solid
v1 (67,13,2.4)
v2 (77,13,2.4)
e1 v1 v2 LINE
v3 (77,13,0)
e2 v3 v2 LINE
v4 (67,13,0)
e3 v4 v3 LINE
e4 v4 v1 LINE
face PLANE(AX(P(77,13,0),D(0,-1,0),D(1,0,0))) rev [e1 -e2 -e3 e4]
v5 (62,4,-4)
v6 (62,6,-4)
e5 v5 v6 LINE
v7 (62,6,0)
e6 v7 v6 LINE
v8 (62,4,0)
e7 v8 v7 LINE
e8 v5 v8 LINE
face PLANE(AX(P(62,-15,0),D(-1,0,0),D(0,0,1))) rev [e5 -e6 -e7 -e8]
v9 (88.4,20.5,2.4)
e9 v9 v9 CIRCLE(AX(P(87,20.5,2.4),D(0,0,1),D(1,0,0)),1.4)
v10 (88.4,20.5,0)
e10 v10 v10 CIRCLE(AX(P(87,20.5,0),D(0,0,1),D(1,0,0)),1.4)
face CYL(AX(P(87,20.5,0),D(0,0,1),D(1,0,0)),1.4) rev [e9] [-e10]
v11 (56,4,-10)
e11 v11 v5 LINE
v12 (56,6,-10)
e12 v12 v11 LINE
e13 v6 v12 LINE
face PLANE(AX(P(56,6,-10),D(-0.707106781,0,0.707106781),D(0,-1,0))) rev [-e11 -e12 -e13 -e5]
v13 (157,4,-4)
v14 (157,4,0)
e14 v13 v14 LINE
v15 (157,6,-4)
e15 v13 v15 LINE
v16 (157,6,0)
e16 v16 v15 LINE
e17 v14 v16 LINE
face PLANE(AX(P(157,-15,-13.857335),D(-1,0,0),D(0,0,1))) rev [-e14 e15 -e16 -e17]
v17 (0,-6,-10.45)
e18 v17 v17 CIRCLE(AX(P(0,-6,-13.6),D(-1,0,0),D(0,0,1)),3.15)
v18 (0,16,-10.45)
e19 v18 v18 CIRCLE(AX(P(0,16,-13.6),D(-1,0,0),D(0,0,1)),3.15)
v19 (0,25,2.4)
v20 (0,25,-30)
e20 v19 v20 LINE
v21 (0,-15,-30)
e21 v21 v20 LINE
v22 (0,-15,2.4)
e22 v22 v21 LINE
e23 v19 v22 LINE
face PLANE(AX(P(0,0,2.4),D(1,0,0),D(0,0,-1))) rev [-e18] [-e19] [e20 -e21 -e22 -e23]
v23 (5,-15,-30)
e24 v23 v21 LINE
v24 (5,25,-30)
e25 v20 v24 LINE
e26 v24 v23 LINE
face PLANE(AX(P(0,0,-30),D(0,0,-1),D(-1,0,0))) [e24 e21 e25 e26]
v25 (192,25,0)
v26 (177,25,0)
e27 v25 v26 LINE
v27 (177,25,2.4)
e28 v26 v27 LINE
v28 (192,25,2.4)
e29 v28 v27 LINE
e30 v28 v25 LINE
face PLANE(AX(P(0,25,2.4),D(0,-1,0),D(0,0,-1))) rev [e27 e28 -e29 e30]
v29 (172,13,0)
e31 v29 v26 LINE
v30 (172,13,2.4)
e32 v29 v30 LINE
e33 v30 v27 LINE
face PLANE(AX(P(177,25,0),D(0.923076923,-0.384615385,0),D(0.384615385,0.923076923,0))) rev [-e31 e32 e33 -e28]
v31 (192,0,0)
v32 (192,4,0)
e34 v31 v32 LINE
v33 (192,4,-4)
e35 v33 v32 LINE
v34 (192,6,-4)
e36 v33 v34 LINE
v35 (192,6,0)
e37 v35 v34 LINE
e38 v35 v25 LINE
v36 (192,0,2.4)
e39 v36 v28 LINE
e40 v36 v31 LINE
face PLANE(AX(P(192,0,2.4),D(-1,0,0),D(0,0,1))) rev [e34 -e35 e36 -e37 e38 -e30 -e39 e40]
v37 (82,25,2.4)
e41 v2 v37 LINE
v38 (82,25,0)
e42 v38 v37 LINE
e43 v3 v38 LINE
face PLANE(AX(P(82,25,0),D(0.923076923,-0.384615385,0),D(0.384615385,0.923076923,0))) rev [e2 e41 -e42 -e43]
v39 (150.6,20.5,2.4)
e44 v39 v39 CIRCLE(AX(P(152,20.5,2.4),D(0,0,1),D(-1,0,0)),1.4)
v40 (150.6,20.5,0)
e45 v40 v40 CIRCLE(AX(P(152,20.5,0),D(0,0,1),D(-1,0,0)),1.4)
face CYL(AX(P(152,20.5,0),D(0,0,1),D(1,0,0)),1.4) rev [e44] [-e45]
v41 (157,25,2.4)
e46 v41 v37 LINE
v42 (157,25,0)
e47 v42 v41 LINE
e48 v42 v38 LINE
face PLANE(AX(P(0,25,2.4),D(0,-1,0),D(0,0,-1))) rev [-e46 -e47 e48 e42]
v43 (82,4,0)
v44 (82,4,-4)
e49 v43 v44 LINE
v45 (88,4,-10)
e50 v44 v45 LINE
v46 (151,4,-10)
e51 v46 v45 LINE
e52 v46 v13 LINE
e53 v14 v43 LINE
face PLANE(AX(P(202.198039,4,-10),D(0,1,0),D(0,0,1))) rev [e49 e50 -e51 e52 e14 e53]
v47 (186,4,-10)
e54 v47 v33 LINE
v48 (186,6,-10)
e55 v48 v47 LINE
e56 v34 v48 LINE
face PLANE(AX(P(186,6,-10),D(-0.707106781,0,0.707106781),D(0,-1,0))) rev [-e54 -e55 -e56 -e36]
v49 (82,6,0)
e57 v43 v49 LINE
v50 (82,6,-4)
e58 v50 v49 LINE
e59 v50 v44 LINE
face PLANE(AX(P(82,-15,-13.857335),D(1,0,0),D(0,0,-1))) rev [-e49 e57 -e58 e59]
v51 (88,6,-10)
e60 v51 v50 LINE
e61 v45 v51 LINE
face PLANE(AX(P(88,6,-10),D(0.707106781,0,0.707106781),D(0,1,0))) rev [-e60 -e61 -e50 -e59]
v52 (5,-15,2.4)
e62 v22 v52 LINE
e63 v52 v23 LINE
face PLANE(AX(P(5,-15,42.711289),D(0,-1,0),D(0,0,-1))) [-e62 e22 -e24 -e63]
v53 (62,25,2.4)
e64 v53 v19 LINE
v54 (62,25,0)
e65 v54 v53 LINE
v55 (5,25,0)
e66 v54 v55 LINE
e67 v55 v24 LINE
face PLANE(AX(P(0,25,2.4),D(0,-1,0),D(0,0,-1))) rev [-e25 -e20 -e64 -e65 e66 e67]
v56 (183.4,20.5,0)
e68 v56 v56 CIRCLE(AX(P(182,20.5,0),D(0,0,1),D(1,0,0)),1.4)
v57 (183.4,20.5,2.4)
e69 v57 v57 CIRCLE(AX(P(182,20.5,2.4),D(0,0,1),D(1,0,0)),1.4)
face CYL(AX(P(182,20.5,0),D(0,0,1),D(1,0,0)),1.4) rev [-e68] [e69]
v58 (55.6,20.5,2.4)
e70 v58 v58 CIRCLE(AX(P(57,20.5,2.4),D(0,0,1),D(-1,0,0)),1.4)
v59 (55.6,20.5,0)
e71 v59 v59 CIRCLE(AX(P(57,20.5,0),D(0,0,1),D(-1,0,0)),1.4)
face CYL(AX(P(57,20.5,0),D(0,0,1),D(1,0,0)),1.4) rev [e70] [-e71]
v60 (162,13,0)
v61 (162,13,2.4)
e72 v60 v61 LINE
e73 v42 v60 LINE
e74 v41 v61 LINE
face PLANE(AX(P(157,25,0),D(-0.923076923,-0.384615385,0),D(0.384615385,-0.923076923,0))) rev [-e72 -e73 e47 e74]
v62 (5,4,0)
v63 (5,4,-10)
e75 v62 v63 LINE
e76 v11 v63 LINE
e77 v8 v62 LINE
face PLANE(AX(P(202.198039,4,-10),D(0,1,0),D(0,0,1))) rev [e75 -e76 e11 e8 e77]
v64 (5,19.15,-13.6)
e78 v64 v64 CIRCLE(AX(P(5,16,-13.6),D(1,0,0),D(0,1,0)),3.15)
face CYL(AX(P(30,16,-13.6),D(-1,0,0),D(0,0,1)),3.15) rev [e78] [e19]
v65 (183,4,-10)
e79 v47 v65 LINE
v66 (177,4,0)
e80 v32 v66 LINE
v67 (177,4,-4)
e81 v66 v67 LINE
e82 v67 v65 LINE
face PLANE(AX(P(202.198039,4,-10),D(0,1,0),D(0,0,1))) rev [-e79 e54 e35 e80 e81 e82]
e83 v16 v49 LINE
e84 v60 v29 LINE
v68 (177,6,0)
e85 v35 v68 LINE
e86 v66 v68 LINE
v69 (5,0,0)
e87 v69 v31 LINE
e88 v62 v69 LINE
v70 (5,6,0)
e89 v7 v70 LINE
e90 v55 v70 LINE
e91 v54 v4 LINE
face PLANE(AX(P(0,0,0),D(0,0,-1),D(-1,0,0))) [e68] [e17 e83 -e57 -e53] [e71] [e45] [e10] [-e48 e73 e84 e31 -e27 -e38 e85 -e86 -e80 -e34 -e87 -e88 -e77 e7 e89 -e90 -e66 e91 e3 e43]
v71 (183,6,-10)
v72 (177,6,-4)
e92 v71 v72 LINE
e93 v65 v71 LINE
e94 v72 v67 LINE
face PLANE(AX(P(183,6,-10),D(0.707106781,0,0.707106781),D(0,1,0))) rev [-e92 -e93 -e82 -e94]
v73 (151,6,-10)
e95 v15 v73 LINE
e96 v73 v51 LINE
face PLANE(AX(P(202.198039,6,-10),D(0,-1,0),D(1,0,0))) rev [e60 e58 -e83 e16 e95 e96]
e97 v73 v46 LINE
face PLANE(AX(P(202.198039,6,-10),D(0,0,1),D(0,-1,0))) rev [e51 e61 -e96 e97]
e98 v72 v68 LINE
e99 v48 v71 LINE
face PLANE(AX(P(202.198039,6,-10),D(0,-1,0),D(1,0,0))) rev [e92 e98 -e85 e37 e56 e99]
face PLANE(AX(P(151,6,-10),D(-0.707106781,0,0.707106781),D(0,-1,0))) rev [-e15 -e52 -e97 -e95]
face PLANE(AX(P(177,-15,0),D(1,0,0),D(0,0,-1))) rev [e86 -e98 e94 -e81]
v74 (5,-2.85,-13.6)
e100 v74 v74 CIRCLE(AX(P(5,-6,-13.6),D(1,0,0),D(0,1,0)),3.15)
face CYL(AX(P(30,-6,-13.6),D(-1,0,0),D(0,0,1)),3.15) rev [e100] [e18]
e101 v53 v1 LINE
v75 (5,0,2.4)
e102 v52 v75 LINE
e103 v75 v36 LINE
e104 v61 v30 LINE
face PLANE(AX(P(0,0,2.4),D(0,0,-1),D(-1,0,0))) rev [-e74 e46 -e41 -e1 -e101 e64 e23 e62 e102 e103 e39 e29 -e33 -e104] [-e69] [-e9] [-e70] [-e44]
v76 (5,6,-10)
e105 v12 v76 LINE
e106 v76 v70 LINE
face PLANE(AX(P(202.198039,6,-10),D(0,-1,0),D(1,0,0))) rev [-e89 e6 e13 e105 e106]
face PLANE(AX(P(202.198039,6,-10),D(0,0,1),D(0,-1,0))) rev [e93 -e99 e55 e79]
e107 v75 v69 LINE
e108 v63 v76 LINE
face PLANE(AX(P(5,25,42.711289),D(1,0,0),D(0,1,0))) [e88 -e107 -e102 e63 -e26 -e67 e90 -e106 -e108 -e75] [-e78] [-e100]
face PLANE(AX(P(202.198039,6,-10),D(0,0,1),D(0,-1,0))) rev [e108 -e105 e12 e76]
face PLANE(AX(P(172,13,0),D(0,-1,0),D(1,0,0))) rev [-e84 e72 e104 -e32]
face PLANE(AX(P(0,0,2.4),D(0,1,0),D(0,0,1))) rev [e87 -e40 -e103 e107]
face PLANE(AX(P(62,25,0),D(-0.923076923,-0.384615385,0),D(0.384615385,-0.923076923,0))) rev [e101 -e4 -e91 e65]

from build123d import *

# Parameters (mm, degrees)
SKETCH1_W                       = 192
SKETCH1_H                       = 25
BOSS_EXTRUDE1_DEPTH             = 2.4
SKETCH2_R                       = 1.4
CUT_EXTRUDE1_DEPTH              = 194.635637216
SKETCH3_W                       = 5
SKETCH3_H                       = 40
BOSS_EXTRUDE2_DEPTH             = 30
BOSS_EXTRUDE2_DIRECTION_2_REACH = 195.636
SKETCH4_R                       = 3.15
CUT_EXTRUDE2_DEPTH              = 30
SKETCH8_W                       = 10
SKETCH8_H                       = 2
BOSS_EXTRUDE4_DEPTH             = 187
SKETCH9_W                       = 20
SKETCH9_H                       = 13.857334598
CUT_EXTRUDE4_DEPTH              = 199.403628999
CHAMFER5_SIZE                   = 6


with BuildPart() as part:
    # Sketch1 → Boss-Extrude1 (new body)
    with BuildSketch(Plane.XY):
        with Locations((96, 12.5)):
            Rectangle(SKETCH1_W, SKETCH1_H)
    extrude(amount=BOSS_EXTRUDE1_DEPTH)

    # Sketch2 → Cut-Extrude1 (cut, through all)
    with BuildSketch(Plane.XY.offset(2.4)):
        with Locations((87, 20.5)):
            Circle(SKETCH2_R)
        with Locations(Location((57, 20.5, 0), (0, 0, 180))):
            Circle(SKETCH2_R)
        with Locations(Location((152, 20.5, 0), (0, 0, 180))):
            Circle(SKETCH2_R)
        with Locations((182, 20.5)):
            Circle(SKETCH2_R)
        Polygon((177, 25), (172, 13), (162, 13), (157, 25), align=None)
        Polygon((82, 25), (77, 13), (67, 13), (62, 25), align=None)
    extrude(amount=-CUT_EXTRUDE1_DEPTH, mode=Mode.SUBTRACT)

    # Sketch3 → Boss-Extrude2 (add)
    with BuildSketch(Plane(origin=(0, 0, 0), x_dir=(-1, 0, 0), z_dir=(0, 0, -1))):
        with Locations((-2.5, 5)):
            Rectangle(SKETCH3_W, SKETCH3_H)
    extrude(amount=BOSS_EXTRUDE2_DEPTH)

    # Boss-Extrude2 direction 2: up to this face of the body (flat: up to its plane)
    boss_extrude2_direction_2_end = Plane(part.part.faces().sort_by_distance((93.952876609, 11.871051408, 2.4))[0])
    # Sketch3 → Boss-Extrude2 direction 2 (add, up to the picked face)
    with BuildSketch(Plane(origin=(0, 0, 0), x_dir=(-1, 0, 0), z_dir=(0, 0, -1)), mode=Mode.PRIVATE) as boss_extrude2_direction_2_sk1:
        with Locations((-2.5, 5)):
            Rectangle(SKETCH3_W, SKETCH3_H)
    boss_extrude2_direction_2_tool1 = split(extrude(boss_extrude2_direction_2_sk1.sketch, amount=-BOSS_EXTRUDE2_DIRECTION_2_REACH, mode=Mode.PRIVATE), bisect_by=boss_extrude2_direction_2_end, keep=Keep.BOTH, mode=Mode.PRIVATE)
    add(boss_extrude2_direction_2_tool1.solids().sort_by(Axis((2.5, 5, 0), (0, 0, 1)))[0])

    # Sketch4 → Cut-Extrude2 (cut)
    with BuildSketch(Plane.ZY):
        with Locations((-13.6, 16)):
            Circle(SKETCH4_R)
        with Locations((-13.6, -6)):
            Circle(SKETCH4_R)
    extrude(amount=-CUT_EXTRUDE2_DEPTH, mode=Mode.SUBTRACT)

    # Sketch8 → Boss-Extrude4 (add)
    with BuildSketch(Plane(origin=(5, 0, 0), x_dir=(0, 0, -1), z_dir=(1, 0, 0))):
        with Locations((5, 5)):
            Rectangle(SKETCH8_W, SKETCH8_H)
    extrude(amount=BOSS_EXTRUDE4_DEPTH)

    # Sketch9 → Cut-Extrude4 (cut, through all)
    with BuildSketch(Plane(origin=(0, 25, 0), x_dir=(1, 0, 0), z_dir=(0, 1, 0))):
        with Locations((72, 6.928667299)):
            Rectangle(SKETCH9_W, SKETCH9_H)
        with Locations((167, 6.928667299)):
            Rectangle(SKETCH9_W, SKETCH9_H)
    extrude(amount=-CUT_EXTRUDE4_DEPTH, mode=Mode.SUBTRACT)

    # Chamfer5
    chamfer5_edges = [part.edges().sort_by_distance(p)[0] for p in [
        (62, 5, -10),
        (82, 5, -10),
        (157, 5, -10),
        (177, 5, -10),
        (192, 5, -10),
    ]]
    chamfer(chamfer5_edges, length=CHAMFER5_SIZE)


solid = part.part
